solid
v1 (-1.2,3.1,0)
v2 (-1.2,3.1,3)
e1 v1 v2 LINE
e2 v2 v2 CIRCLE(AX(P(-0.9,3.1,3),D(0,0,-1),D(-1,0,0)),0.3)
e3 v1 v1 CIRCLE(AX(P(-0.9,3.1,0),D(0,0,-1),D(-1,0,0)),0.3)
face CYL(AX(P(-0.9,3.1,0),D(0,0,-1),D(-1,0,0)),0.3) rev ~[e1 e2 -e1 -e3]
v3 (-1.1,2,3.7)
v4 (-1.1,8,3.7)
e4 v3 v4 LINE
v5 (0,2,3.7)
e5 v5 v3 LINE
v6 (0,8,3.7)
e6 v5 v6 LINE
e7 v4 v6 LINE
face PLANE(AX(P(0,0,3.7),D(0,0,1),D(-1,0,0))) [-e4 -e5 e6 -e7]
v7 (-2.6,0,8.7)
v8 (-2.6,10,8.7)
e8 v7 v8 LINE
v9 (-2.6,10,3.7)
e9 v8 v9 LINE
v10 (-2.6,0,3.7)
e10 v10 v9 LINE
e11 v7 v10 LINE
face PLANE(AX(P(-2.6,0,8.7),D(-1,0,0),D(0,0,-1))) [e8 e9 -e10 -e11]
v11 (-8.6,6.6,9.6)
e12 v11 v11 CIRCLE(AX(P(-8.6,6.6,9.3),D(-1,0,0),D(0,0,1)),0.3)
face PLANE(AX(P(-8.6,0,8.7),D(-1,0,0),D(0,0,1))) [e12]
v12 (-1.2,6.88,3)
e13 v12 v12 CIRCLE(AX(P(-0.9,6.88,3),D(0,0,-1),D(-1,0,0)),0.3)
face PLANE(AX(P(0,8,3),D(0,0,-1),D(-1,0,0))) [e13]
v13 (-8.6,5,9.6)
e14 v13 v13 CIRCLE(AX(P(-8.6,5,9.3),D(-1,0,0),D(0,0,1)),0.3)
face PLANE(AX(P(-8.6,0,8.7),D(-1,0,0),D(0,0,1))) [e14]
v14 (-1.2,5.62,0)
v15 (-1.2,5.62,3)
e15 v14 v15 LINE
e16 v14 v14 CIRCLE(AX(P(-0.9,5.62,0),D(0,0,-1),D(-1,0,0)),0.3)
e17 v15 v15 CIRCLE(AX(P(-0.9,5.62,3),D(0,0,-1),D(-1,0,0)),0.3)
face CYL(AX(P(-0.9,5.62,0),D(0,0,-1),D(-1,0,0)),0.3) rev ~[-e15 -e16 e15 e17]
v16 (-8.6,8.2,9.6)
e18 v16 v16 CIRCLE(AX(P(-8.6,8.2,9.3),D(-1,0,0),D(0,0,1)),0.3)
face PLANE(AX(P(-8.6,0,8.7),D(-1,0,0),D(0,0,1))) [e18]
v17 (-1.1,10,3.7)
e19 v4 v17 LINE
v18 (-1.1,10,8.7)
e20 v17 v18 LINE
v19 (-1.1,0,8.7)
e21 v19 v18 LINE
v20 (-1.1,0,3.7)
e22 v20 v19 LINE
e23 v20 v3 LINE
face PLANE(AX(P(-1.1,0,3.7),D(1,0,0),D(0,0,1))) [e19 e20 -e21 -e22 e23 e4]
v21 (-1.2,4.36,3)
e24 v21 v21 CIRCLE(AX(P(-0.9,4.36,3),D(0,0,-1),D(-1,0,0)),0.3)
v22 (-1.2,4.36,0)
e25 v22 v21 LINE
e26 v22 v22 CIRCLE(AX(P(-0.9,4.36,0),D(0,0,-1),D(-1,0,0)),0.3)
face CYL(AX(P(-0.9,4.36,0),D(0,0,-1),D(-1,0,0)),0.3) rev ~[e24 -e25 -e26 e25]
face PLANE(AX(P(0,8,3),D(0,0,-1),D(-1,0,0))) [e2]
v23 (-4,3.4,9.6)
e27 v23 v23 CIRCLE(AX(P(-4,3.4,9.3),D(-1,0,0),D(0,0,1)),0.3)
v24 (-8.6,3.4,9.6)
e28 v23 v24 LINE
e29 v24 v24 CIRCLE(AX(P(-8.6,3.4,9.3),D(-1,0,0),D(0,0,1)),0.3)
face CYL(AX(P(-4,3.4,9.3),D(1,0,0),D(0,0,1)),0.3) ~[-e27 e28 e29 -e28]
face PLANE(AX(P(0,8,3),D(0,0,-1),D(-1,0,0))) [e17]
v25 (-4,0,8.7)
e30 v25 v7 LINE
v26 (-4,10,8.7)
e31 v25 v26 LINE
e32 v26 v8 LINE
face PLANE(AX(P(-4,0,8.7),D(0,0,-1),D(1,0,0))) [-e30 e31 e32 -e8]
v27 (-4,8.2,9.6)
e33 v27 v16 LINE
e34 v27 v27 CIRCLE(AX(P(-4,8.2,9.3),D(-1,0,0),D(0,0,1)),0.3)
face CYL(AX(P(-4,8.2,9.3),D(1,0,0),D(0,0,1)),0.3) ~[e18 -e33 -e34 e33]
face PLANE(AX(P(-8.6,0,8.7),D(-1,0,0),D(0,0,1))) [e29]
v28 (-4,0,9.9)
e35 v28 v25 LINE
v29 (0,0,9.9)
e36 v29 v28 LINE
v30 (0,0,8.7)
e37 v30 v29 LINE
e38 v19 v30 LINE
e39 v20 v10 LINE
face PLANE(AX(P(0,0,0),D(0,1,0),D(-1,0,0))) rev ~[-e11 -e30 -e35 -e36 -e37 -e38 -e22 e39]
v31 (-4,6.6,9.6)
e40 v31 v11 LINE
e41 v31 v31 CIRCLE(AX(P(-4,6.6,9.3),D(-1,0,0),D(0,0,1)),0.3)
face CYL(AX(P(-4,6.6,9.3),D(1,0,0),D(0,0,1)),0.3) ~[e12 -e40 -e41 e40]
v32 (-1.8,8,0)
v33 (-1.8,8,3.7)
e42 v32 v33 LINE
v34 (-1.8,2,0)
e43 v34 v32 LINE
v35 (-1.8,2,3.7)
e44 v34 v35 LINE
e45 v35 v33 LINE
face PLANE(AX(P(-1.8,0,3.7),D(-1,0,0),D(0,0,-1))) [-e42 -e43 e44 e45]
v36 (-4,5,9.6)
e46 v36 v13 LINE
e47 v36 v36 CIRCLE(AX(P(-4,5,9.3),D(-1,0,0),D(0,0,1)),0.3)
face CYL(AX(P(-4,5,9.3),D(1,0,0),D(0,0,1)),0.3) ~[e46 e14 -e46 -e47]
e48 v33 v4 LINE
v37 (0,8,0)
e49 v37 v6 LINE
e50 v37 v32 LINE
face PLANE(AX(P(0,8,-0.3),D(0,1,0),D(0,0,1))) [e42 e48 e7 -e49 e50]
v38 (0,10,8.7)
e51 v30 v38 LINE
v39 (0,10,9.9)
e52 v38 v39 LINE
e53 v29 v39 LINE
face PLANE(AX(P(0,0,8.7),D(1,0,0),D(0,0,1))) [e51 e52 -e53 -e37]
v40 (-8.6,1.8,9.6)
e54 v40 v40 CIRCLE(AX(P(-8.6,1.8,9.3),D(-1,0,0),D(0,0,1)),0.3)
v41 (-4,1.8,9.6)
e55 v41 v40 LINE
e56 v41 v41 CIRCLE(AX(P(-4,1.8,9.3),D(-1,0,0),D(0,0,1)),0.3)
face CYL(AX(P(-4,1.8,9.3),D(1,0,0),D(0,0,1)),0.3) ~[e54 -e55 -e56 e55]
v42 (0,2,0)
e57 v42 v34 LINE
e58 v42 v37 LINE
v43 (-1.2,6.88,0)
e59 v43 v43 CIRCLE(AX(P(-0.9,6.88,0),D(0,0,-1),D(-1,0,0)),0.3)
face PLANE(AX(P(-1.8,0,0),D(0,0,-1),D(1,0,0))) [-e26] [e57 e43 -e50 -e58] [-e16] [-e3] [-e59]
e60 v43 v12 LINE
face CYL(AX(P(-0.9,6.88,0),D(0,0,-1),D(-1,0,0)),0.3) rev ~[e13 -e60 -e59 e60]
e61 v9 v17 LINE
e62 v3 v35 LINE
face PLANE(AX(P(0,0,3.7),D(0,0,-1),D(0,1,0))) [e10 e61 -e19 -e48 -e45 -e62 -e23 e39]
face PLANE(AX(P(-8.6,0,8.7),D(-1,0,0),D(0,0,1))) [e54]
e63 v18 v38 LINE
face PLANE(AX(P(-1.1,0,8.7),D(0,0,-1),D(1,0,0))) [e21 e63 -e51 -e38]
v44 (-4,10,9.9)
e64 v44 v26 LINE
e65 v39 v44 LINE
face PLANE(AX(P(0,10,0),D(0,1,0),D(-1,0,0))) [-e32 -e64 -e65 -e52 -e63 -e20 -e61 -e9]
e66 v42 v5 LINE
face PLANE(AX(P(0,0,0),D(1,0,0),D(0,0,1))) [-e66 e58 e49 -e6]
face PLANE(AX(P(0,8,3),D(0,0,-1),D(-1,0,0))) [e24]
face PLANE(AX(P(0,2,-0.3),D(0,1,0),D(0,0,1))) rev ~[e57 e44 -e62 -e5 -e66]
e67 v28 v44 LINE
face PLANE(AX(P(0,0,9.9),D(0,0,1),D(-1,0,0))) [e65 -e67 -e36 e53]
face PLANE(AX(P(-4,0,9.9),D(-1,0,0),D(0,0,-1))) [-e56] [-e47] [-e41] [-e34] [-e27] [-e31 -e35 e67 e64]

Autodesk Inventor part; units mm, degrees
ref_plane "YZ Plane" through (0, 0, 0) normal (1, 0, 0) x (0, 1, 0)
ref_plane "XZ Plane" through (0, 0, 0) normal (0, 1, 0) x (-1, 0, 0)
ref_plane "XY Plane" through (0, 0, 0) normal (0, 0, 1) x (1, 0, 0)
sketch "Sketch1" plane through (0, 0, 0) normal (0, 1, 0) x (-1, 0, 0)
  line L0 (0, 0) -> (0, 3.7)
  line L1 (0, 3.7) -> (1.1, 3.7)
  line L2 (1.1, 8.7) -> (0, 8.7)
  line L3 (0, 8.7) -> (0, 9.9)
  line L4 (0, 9.9) -> (4, 9.9)
  line L5 (4, 9.9) -> (4, 8.7)
  line L6 (4, 8.7) -> (2.6, 8.7)
  line L7 (2.6, 8.7) -> (2.6, 3.7)
  line L8 (2.6, 3.7) -> (1.8, 3.7)
  line L9 (1.8, 3.7) -> (1.8, 0)
  line L10 (1.8, 0) -> (0, 0)
  line L11 (1.1, 3.7) -> (1.1, 8.7)
  dimension "d0" = 3.7
  dimension "d1" = 1.8
  dimension "d2" = 1.1
  dimension "d3" = 1.2
  dimension "d4" = 1.5
  dimension "d5" = 5
  dimension "d6" = 4
extrude "Extrusion1" add sketch "Sketch1" along normal blind 10
sketch "Sketch2" plane through (0, 0, 3.7) normal (1, 0, 0) x (0, 0, -1)
  line L0 (0, 0) -> (0, 10) projected
  line L1 (0, 0) -> (4, 0)
  line L2 (4, 0) -> (4, 2)
  line L3 (4, 2) -> (0, 2)
  line L4 (0, 2) -> (0, 0)
  line L5 (0, 5) -> (3.7, 5) construction
  line L6 (0, 10) -> (4, 10)
  line L7 (4, 10) -> (4, 8)
  line L8 (4, 8) -> (0, 8)
  line L9 (0, 8) -> (0, 10)
  point P0 (3.7, 0)
  dimension "d9" = 6
  dimension "d10" = 4
extrude "Extrusion2" cut sketch "Sketch2" against normal up to next
sketch "Sketch3" plane through (0, 8, 0) normal (0, 0, -1) x (-1, 0, 0)
  circle A0 centre (0.9, -1.12) radius 0.3
  circle A1 centre (0.9, -2.38) radius 0.3
  circle A2 centre (0.9, -3.64) radius 0.3
  circle A3 centre (0.9, -4.9) radius 0.3
  line L0 (0, -6) -> (1.8, -6) projected
  line L1 (0, -6) -> (0, 0) projected
  line L2 (0.9, -4.9) -> (0.9, -1.12) construction
  point P0 (0, -8)
  dimension "d13" = 0.6
  dimension "d14" = 1.26
  dimension "d15" = 1.26
  dimension "d16" = 1.26
  dimension "d17" = 1.1
  dimension "d18" = 0.9
extrude "Extrusion3" cut sketch "Sketch3" against normal blind 3
sketch "Sketch4" plane through (-4, 0, 8.7) normal (-1, 0, 0) x (0, 0, 1)
  circle A0 centre (0.6, 8.2) radius 0.3
  circle A1 centre (0.6, 6.6) radius 0.3
  circle A2 centre (0.6, 5) radius 0.3
  circle A3 centre (0.6, 3.4) radius 0.3
  circle A4 centre (0.6, 1.8) radius 0.3
  line L0 (1.2, 0) -> (0, 0) projected
  line L1 (0.6, 0) -> (0.6, 9.9899) construction
  point P0 (-8.7, 0)
  dimension "d21" = 0.6
  dimension "d22" = 1.6
  dimension "d23" = 1.6
  dimension "d24" = 1.6
  dimension "d25" = 1.6
  dimension "d26" = 1.8
extrude "Extrusion4" add sketch "Sketch4" along normal blind 4.6
properties part number "humidity_sensor_mount"
